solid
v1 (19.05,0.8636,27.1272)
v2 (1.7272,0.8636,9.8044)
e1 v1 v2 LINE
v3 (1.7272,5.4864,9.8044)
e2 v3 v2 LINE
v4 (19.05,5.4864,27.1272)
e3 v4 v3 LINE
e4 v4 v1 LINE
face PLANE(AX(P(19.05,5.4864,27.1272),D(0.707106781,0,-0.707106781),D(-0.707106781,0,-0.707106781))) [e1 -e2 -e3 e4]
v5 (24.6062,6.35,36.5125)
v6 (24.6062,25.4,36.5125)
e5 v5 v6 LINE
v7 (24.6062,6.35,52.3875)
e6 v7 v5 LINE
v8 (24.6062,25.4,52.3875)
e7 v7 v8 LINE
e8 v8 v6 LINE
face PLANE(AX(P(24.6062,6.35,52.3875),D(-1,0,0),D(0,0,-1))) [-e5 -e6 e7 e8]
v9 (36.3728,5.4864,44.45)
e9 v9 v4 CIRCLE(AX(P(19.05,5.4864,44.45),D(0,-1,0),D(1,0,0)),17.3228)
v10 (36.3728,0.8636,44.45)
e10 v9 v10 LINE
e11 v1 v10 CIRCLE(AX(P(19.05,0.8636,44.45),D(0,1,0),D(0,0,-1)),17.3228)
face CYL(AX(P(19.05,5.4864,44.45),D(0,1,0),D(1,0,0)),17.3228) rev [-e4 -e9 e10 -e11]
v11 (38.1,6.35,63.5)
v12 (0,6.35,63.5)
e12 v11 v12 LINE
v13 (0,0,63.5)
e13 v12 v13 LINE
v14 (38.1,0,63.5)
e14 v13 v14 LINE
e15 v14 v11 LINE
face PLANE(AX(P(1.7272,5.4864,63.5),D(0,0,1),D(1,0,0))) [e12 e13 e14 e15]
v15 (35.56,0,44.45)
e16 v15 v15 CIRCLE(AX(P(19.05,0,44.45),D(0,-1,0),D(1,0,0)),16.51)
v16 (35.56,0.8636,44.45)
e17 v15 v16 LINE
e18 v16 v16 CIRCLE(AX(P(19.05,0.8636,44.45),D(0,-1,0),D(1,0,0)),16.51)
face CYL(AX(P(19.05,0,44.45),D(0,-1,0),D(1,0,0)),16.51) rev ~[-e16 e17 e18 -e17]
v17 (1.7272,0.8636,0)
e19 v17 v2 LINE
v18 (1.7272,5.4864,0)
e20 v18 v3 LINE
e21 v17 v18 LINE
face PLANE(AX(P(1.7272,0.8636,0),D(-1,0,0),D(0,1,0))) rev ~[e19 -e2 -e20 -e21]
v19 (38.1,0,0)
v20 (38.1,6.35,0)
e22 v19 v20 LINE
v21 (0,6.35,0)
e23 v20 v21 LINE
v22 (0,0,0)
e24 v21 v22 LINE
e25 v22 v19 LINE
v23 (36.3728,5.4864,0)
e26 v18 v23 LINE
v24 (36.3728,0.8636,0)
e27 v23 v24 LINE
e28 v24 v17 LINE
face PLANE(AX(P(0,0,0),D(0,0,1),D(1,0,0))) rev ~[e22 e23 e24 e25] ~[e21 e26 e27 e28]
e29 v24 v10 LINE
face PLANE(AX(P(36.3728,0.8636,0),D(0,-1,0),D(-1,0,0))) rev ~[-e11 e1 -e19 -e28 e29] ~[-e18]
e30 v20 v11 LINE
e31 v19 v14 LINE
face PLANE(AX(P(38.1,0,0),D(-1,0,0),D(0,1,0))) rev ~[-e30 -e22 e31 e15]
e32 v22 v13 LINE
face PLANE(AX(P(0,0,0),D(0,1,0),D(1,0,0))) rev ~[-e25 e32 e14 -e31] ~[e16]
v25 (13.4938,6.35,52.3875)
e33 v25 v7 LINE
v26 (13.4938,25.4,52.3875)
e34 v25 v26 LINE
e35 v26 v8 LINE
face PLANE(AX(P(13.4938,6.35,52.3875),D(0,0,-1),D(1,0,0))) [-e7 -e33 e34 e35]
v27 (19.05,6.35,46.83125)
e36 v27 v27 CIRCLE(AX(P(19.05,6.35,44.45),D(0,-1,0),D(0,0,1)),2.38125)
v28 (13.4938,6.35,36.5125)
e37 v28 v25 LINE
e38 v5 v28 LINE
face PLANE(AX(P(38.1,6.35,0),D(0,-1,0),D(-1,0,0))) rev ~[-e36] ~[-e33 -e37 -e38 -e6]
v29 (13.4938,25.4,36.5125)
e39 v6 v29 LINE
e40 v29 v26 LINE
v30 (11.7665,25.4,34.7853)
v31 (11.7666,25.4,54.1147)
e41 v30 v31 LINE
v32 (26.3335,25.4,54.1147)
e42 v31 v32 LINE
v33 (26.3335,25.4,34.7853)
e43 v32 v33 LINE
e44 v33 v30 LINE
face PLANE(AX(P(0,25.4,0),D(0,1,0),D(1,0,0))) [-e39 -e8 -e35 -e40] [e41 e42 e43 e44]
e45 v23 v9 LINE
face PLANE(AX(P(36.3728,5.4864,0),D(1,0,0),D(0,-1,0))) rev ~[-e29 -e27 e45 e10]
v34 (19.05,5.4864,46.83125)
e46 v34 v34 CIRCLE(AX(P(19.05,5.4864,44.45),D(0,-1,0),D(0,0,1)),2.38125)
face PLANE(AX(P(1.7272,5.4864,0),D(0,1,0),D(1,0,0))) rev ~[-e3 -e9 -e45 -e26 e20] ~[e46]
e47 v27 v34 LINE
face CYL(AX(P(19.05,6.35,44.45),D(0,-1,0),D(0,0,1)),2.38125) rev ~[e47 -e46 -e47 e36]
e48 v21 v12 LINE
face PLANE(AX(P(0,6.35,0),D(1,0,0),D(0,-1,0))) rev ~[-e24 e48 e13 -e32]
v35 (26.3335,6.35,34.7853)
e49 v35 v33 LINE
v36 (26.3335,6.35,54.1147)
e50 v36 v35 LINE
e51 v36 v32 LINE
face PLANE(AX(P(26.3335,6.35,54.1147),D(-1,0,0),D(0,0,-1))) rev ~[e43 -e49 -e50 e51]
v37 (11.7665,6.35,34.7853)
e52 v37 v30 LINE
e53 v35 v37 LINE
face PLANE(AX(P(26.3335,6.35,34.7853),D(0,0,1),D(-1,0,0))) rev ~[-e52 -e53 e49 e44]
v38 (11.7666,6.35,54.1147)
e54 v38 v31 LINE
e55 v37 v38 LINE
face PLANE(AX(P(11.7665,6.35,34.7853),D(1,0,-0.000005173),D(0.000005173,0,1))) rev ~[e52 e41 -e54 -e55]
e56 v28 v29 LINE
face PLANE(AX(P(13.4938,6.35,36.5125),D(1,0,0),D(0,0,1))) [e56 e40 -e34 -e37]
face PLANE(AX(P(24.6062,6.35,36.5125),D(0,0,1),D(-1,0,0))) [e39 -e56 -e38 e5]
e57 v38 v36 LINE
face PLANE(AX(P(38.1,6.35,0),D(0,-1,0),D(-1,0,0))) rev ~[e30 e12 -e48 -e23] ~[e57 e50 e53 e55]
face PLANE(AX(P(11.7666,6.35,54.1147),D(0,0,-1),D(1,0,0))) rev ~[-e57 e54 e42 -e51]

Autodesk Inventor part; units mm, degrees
ref_plane "YZ Plane" through (0, 0, 0) normal (1, 0, 0) x (0, 1, 0)
ref_plane "XZ Plane" through (0, 0, 0) normal (0, 1, 0) x (-1, 0, 0)
ref_plane "XY Plane" through (0, 0, 0) normal (0, 0, 1) x (1, 0, 0)
sketch "Sketch1" plane through (0, 0, 0) normal (0, 0, 1) x (1, 0, 0)
  line L0 (0, 0) -> (38.1, 0)
  line L1 (38.1, 0) -> (38.1, 6.35)
  line L2 (38.1, 6.35) -> (0, 6.35)
  line L3 (0, 6.35) -> (0, 0)
  line L4 (1.7272, 5.4864) -> (36.3728, 5.4864)
  line L5 (36.3728, 5.4864) -> (36.3728, 0.8636)
  line L6 (36.3728, 0.8636) -> (1.7272, 0.8636)
  line L7 (1.7272, 0.8636) -> (1.7272, 5.4864)
  dimension "d0" = 38.1
  dimension "d1" = 6.35
  dimension "d2" = 0.8636
  dimension "d3" = 1.7272
  dimension "d4" = 0.8636
  dimension "d5" = 1.7272
extrude "Extrusion1" add sketch "Sketch1" along normal blind 63.5
sketch "Sketch2" plane through (0, 0, 0) normal (0, -1, 0) x (1, 0, 0)
  line L0 (0, 63.5) -> (38.1, 63.5) projected
  circle A0 centre (19.05, 44.45) radius 16.51
  point P0 (0, 0)
  point P1 (19.05, 63.5)
  point P2 (19.05, 63.5)
  dimension "d8" = 33.02
  dimension "d9" = 19.05
extrude "Extrusion2" cut sketch "Sketch2" against normal up to next
sketch "Sketch3" plane through (1.7272, 5.4864, 0) normal (0, -1, 0) x (1, 0, 0)
  circle A0 centre (17.3228, 44.45) radius 16.51 construction
  line L0 (36.3728, 63.5) -> (-1.7272, 63.5) construction
  arc A1 (0, 44.45) -> (17.3228, 27.1272) centre (17.3228, 44.45) ccw
  line L1 (17.3228, 44.45) -> (0, 44.45) construction
  line L2 (17.3228, 44.45) -> (34.6456, 44.45) construction
  line L3 (17.3228, 44.45) -> (17.3228, 27.1272) construction
  line L4 (-1.7272, 0) -> (-1.7272, 63.5) projected
  arc A2 (17.3228, 27.1272) -> (0, 9.8044) centre (17.3228, 9.8044) ccw
  line L5 (17.3228, 9.8044) -> (0, 9.8044) construction
  line L6 (17.3228, 9.8044) -> (17.3228, 27.1272) construction
  arc A3 (34.6456, 44.45) -> (0, 44.45) centre (17.3228, 44.45) ccw
  line L7 (34.6456, 44.45) -> (34.6456, 61.7728)
  line L8 (34.6456, 61.7728) -> (0, 61.7728)
  line L9 (0, 61.7728) -> (0, 9.8044)
  point P0 (17.3228, 63.5)
  point P1 (17.3228, 61.7728)
  dimension "d12" = 33.02
  dimension "d13" = 19.05
  dimension "d14" = 180
  dimension "d15" = 90
  dimension "d16" = 1.7272
  dimension "d17" = 90
  dimension "d19" = 1.7272
  dimension "d20" = 19.05
extrude "Extrusion4" add sketch "Sketch3" along normal up to next contours L8 L7 A3
sketch "Sketch5" plane through (1.7272, 5.4864, 63.5) normal (0, -1, 0) x (1, 0, 0)
  arc A0 (17.3228, -1.7272) -> (0, -19.05) centre (17.3228, -19.05) ccw
  line L0 (17.3228, -19.05) -> (0, -19.05) construction
  line L1 (17.3228, -19.05) -> (17.3228, -1.7272) construction
  line L2 (36.3728, 0) -> (-1.7272, 0) construction
  line L3 (-1.7272, -63.5) -> (-1.7272, 0) construction
  line L4 (17.3228, -1.7272) -> (0, -1.7272)
  line L5 (0, -1.7272) -> (0, -19.05)
  point P0 (17.3228, 0)
  dimension "d35" = 90
  dimension "d36" = 1.7272
  dimension "d37" = 1.7272
extrude "Extrusion5" add sketch "Sketch5" along normal up to next
sketch "Sketch6" plane through (1.7272, 5.4864, 0) normal (0, -1, 0) x (1, 0, 0)
  arc A0 (0, 44.45) -> (17.3228, 27.1272) centre (17.3228, 44.45) ccw
  line L0 (17.3228, 44.45) -> (17.3228, 27.1272) construction
  line L1 (17.3228, 44.45) -> (0, 44.45) construction
  line L2 (36.3728, 63.5) -> (-1.7272, 63.5) projected
  line L3 (-1.7272, 0) -> (-1.7272, 63.5) projected
  line L4 (17.3228, 9.8044) -> (0, 9.8044) construction
  line L5 (17.3228, 9.8044) -> (17.3228, 27.1272) construction
  line L6 (0, 44.45) -> (0, 9.8044)
  line L7 (17.3228, 27.1272) -> (0, 9.8044)
  point P0 (17.3228, 63.5)
  dimension "d40" = 90
  dimension "d41" = 1.7272
  dimension "d42" = 19.05
  dimension "d43" = 90
  dimension "d44" = 1.7272
  dimension "d45" = 17.3228
extrude "Extrusion6" add sketch "Sketch6" along normal up to next
sketch "Sketch7" plane through (1.7272, 5.4864, 61.7728) normal (0, 0, 1) x (1, 0, 0)
  line L0 (17.3228, -4.6228) -> (0, -4.6228) projected
  line L1 (17.3228, 0) -> (34.6456, 0) projected
  line L2 (0, -4.6228) -> (34.6456, -4.6228)
  line L3 (34.6456, -4.6228) -> (34.6456, 0)
  line L4 (34.6456, 0) -> (0, 0)
  line L5 (0, 0) -> (0, -4.6228)
  point P0 (-1.7272, -5.4864)
extrude "Extrusion7" add sketch "Sketch7" along normal blind 1.7272
sketch "Sketch8" plane through (0, 6.35, 0) normal (0, 1, 0) x (1, 0, 0)
  line L0 (38.1, -63.5) -> (0, -63.5) projected
  line L1 (13.4938, -52.3875) -> (24.6062, -52.3875)
  line L2 (24.6062, -52.3875) -> (24.6062, -36.5125)
  line L3 (24.6062, -36.5125) -> (13.4938, -36.5125)
  line L4 (13.4938, -36.5125) -> (13.4938, -52.3875)
  line L5 (11.7666, -54.1147) -> (26.3335, -54.1147)
  line L6 (26.3335, -54.1147) -> (26.3335, -34.7853)
  line L7 (26.3335, -34.7853) -> (11.7665, -34.7853)
  line L8 (11.7665, -34.7853) -> (11.7666, -54.1147)
  point P0 (0, 0)
  point P1 (19.05, -44.45)
  point P2 (19.05, -63.5)
  point P3 (19.05, -36.5125)
  point P4 (13.4937, -44.45)
  dimension "d50" = 19.05
  dimension "d51" = 11.1125
  dimension "d52" = 15.875
  dimension "d53" = 1.7272
  dimension "d54" = 1.7272
  dimension "d55" = 1.7272
  dimension "d56" = 1.7272
extrude "Extrusion8" add sketch "Sketch8" along normal blind 19.05
sketch "Sketch9" plane through (0, 6.35, 0) normal (0, 1, 0) x (1, 0, 0)
  line L0 (38.1, -63.5) -> (0, -63.5) projected
  line L1 (13.4938, -52.3875) -> (13.4938, -36.5125) projected
  point P0 (0, 0)
  point P1 (19.05, -44.45)
  point P2 (19.05, -63.5)
  point P3 (13.4938, -44.45)
hole "Hole1" at (19.05, 6.35, 44.45) direction (0, -1, 0) diameter 4.7625 end through all
properties part number "main_chassis"
